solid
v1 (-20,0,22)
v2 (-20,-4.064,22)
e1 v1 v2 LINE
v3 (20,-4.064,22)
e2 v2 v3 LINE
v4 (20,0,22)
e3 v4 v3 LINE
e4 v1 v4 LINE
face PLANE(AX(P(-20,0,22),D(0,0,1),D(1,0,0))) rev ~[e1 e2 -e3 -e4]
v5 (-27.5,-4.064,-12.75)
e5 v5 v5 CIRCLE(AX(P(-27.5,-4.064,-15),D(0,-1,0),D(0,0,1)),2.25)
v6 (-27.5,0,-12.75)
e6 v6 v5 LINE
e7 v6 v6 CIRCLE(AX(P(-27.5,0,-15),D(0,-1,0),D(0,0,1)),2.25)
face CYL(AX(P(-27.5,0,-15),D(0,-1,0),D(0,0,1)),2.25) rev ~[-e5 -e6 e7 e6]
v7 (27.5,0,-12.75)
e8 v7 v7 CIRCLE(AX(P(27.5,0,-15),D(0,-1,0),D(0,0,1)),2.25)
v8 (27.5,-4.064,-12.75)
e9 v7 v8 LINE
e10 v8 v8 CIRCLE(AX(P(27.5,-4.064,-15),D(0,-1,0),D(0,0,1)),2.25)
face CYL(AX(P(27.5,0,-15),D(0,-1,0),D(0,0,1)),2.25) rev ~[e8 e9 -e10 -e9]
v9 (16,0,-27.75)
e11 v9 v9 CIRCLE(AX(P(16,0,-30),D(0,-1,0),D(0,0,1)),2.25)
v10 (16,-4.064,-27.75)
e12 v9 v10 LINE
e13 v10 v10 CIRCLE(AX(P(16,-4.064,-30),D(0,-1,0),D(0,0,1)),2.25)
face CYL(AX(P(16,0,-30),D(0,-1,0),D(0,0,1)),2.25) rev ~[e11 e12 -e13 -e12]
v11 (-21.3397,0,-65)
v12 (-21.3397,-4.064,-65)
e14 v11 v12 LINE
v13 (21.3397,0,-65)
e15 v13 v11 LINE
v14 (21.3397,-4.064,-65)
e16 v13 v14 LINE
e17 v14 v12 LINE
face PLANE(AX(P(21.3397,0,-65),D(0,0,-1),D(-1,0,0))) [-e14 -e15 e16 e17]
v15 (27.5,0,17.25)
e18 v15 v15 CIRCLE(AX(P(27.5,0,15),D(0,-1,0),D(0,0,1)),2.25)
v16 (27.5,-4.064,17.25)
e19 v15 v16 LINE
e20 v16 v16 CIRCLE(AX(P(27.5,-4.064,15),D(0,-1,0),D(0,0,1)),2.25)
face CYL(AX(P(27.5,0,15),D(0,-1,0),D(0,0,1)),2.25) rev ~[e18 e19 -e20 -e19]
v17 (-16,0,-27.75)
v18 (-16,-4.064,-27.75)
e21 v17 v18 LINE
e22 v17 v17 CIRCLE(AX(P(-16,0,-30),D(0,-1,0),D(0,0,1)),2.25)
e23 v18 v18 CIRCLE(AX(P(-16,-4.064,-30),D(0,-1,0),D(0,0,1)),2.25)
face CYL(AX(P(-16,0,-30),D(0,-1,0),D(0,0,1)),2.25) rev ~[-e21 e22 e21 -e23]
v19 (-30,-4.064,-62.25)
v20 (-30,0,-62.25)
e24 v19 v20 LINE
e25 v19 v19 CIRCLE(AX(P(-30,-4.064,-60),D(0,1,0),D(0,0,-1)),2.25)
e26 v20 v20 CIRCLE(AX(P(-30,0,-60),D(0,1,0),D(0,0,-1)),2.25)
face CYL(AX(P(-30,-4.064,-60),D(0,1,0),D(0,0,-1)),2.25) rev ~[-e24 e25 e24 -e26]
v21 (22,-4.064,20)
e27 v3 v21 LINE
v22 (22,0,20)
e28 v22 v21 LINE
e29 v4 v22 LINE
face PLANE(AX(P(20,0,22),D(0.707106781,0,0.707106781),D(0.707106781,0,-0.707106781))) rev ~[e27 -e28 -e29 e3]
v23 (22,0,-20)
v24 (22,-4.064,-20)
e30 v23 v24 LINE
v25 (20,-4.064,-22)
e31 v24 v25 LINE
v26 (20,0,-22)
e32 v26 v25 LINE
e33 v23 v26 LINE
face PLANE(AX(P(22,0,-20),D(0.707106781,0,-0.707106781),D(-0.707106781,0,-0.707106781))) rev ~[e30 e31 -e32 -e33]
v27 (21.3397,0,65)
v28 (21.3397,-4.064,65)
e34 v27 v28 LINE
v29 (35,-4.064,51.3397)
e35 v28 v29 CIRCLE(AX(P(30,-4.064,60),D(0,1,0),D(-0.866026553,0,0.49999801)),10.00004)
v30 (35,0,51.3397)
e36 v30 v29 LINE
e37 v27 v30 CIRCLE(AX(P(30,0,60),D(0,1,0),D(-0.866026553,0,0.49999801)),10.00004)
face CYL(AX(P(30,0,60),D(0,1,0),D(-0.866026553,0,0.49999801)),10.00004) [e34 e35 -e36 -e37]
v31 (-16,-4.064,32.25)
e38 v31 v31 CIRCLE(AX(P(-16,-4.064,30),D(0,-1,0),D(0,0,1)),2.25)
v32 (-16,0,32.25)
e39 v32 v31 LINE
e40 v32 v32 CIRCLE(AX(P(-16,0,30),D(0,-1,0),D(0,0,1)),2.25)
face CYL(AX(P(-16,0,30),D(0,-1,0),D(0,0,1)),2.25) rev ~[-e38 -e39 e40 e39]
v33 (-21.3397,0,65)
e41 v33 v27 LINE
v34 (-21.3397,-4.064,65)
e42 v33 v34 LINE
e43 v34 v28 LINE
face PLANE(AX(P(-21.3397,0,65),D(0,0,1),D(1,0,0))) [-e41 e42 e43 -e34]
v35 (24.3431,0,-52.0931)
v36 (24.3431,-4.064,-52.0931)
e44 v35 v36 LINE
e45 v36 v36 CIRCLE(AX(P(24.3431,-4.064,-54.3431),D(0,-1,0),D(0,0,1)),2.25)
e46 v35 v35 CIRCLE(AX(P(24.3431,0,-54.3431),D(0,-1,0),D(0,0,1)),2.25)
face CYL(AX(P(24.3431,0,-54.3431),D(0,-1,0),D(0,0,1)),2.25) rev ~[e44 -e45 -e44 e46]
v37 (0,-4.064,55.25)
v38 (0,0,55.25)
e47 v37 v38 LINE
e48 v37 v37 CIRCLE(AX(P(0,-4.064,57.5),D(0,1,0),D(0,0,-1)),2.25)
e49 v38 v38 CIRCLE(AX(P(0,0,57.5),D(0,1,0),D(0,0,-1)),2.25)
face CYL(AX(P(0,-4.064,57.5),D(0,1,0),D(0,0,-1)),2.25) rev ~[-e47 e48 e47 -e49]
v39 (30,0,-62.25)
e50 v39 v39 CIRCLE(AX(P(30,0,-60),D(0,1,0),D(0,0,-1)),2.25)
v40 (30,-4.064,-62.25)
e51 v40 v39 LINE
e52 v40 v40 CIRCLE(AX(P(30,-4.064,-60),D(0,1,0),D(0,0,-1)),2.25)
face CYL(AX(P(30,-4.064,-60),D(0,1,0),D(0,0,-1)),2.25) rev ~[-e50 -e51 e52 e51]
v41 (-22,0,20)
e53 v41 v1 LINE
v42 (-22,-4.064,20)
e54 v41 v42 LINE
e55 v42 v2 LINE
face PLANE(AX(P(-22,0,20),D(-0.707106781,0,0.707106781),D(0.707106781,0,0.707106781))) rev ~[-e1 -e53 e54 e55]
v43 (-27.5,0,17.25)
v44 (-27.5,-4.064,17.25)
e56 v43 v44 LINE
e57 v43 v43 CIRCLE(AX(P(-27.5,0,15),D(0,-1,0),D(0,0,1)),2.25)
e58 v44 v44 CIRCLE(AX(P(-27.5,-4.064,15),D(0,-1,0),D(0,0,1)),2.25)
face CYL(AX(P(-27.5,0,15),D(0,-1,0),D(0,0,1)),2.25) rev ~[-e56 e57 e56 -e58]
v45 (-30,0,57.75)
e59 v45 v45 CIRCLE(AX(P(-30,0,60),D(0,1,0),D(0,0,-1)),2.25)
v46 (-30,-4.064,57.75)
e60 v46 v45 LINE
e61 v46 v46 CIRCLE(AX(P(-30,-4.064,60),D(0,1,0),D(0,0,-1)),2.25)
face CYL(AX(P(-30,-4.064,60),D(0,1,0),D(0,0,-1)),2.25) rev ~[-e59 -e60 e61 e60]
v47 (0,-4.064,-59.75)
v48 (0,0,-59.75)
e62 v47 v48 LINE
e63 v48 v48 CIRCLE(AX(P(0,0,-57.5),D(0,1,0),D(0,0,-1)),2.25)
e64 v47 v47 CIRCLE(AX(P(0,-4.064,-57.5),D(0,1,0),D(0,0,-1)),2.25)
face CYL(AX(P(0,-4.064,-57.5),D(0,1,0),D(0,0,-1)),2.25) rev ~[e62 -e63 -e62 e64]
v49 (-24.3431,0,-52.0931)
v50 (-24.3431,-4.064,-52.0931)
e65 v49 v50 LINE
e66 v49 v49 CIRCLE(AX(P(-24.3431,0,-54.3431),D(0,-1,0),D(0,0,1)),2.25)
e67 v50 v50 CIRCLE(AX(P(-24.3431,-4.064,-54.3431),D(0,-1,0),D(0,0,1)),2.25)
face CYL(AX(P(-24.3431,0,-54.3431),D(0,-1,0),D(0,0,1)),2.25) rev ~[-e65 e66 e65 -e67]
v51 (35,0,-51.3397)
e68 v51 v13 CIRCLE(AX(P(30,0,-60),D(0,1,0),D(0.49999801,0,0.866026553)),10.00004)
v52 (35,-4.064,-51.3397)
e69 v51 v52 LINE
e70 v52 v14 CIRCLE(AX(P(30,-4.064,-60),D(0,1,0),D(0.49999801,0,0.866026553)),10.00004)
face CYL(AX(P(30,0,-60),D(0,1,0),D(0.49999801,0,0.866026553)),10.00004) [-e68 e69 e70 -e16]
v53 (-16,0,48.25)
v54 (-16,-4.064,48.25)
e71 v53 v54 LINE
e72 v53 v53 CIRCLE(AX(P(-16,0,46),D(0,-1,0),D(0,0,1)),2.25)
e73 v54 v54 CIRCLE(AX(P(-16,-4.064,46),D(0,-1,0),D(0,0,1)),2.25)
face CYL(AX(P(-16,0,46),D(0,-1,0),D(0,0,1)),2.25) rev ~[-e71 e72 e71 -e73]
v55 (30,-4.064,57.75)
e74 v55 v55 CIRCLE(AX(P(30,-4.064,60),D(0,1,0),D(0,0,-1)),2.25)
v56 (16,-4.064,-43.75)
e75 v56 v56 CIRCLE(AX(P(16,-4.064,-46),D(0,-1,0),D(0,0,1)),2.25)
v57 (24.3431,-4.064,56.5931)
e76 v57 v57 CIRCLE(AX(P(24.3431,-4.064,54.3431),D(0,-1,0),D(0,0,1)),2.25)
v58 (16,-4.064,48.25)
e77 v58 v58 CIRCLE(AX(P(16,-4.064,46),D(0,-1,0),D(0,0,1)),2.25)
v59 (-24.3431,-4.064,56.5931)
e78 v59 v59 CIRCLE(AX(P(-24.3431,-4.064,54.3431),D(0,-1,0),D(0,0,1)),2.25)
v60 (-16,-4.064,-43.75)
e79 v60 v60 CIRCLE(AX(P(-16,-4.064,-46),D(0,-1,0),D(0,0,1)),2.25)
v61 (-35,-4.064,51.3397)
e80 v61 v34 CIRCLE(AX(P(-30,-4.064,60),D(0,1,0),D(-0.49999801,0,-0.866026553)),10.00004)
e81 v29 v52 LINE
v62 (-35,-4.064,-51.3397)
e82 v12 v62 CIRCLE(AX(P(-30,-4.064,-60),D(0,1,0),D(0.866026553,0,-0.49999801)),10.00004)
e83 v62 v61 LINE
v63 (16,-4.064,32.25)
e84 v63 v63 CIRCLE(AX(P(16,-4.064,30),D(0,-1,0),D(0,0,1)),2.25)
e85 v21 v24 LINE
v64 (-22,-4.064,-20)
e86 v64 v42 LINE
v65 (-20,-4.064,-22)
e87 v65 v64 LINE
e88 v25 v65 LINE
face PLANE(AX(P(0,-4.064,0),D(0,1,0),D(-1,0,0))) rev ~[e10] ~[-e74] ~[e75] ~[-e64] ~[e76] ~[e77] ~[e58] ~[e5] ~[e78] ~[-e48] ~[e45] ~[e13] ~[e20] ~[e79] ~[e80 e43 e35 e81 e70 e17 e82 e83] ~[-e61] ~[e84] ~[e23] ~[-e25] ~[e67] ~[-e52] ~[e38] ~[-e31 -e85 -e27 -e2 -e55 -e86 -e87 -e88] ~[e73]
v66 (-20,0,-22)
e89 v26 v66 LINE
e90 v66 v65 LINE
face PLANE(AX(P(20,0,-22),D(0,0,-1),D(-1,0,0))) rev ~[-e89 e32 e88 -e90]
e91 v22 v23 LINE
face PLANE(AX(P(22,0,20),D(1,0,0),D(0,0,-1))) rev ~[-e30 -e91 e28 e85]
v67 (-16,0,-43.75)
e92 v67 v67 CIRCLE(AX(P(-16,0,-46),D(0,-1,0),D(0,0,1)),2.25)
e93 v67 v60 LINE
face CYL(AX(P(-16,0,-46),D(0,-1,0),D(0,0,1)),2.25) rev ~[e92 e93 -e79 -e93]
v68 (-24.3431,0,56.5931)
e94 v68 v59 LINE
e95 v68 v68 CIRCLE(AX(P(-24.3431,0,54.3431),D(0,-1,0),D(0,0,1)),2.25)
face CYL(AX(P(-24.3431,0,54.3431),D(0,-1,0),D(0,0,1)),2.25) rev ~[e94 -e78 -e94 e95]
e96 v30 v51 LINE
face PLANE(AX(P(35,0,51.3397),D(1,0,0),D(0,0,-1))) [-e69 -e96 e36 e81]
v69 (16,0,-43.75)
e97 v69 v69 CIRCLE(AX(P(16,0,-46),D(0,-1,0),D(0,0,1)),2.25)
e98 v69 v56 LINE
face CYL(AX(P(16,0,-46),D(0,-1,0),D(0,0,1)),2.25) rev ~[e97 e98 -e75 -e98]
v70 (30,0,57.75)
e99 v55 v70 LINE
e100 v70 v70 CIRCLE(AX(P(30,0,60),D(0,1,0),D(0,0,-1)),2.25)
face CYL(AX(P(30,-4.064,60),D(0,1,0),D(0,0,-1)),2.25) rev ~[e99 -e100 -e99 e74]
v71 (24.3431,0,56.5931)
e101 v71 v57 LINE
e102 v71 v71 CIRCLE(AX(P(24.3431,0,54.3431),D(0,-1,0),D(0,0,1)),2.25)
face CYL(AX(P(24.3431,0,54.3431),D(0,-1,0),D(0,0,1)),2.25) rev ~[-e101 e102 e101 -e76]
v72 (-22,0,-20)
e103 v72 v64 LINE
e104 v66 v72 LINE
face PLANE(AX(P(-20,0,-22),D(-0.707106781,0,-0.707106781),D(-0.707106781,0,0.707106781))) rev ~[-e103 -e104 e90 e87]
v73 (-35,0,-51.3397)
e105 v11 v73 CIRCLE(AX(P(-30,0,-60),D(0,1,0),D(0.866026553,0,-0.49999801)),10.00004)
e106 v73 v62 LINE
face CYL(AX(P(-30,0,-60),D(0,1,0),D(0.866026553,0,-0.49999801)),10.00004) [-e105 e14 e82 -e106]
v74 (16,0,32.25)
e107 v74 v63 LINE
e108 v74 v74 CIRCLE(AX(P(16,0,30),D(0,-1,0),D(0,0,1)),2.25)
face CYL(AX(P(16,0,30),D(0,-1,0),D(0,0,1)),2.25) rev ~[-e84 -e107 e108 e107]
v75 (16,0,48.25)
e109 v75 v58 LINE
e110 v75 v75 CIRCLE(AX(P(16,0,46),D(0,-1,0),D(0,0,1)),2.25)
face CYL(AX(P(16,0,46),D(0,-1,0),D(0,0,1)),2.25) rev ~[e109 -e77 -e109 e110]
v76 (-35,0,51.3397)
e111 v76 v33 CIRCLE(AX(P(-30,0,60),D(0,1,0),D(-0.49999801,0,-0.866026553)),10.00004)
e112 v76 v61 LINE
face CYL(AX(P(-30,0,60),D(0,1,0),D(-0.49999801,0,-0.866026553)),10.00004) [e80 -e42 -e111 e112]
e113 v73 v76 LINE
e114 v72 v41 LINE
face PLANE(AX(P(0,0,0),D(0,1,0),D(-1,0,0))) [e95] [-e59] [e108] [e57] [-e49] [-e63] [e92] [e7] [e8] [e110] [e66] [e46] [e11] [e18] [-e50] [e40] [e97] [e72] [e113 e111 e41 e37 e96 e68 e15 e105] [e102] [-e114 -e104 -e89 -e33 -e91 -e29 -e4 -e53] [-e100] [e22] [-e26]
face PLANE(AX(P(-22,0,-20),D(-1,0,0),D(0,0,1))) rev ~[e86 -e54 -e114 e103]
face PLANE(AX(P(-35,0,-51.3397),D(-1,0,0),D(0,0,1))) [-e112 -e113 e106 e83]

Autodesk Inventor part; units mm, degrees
ref_plane "YZ Plane" through (0, 0, 0) normal (1, 0, 0) x (0, 1, 0)
ref_plane "XZ Plane" through (0, 0, 0) normal (0, 1, 0) x (-1, 0, 0)
ref_plane "XY Plane" through (0, 0, 0) normal (0, 0, 1) x (1, 0, 0)
sketch "Sketch1" plane through (0, 0, 0) normal (0, 1, 0) x (-1, 0, 0)
  line L0 (-20, 22) -> (-22, 20)
  line L1 (-20, -22) -> (20, -22)
  line L2 (-35, 51.3397) -> (-35, -51.3397)
  arc A0 (35, 51.3397) -> (21.3397, 65) centre (30, 60) ccw
  arc A1 (21.3397, -65) -> (35, -51.3397) centre (30, -60) ccw
  line L3 (22, 20) -> (20, 22)
  line L4 (-22, 20) -> (-22, -20)
  line L5 (20, -22) -> (22, -20)
  arc A2 (-21.3397, 65) -> (-35, 51.3397) centre (-30, 60) ccw
  line L6 (35, -51.3397) -> (35, 51.3397)
  line L7 (20, 22) -> (-20, 22)
  line L8 (-22, -20) -> (-20, -22)
  arc A3 (-35, -51.3397) -> (-21.3397, -65) centre (-30, -60) ccw
  line L9 (21.3397, 65) -> (-21.3397, 65)
  line L10 (-21.3397, -65) -> (21.3397, -65)
  line L11 (22, -20) -> (22, 20)
extrude "Extrusion1" add sketch "Sketch1" against normal blind 4.064
hole "Hole22" at (0, -4.064, 57.5) direction (0, 1, 0) diameter 4.5 depth 4.064
hole "Hole21" at (0, -4.064, -57.5) direction (0, 1, 0) diameter 4.5 depth 4.064
hole "Hole20" at (-16, 0, -46) direction (0, -1, 0) diameter 4.5 depth 4.064
hole "Hole19" at (-16, 0, -30) direction (0, -1, 0) diameter 4.5 depth 4.064
hole "Hole18" at (16, 0, -46) direction (0, -1, 0) diameter 4.5 depth 4.064
hole "Hole17" at (16, 0, -30) direction (0, -1, 0) diameter 4.5 depth 4.064
hole "Hole16" at (16, 0, 30) direction (0, -1, 0) diameter 4.5 depth 4.064
hole "Hole15" at (16, 0, 46) direction (0, -1, 0) diameter 4.5 depth 4.064
hole "Hole14" at (-16, 0, 30) direction (0, -1, 0) diameter 4.5 depth 4.064
hole "Hole13" at (-16, 0, 46) direction (0, -1, 0) diameter 4.5 depth 4.064
hole "Hole12" at (27.5, 0, -15) direction (0, -1, 0) diameter 4.5 depth 4.064
sketch "Sketch12" plane through (0, 0, 0) normal (0, 1, 0) x (-1, 0, 0)
  point P0 (-27.5, -15)
hole "Hole11" at (27.5, 0, 15) direction (0, -1, 0) diameter 4.5 depth 4.064
sketch "Sketch11" plane through (0, 0, 0) normal (0, 1, 0) x (-1, 0, 0)
  point P0 (16, 46)
hole "Hole10" at (-27.5, 0, -15) direction (0, -1, 0) diameter 4.5 depth 4.064
sketch "Sketch10" plane through (0, 0, 0) normal (0, 1, 0) x (-1, 0, 0)
  point P0 (16, 30)
hole "Hole9" at (-24.3431, 0, -54.3431) direction (0, -1, 0) diameter 4.5 depth 4.064
sketch "Sketch9" plane through (0, 0, 0) normal (0, 1, 0) x (-1, 0, 0)
  point P0 (-16, 46)
hole "Hole8" at (24.3431, 0, -54.3431) direction (0, -1, 0) diameter 4.5 depth 4.064
sketch "Sketch8" plane through (0, 0, 0) normal (0, 1, 0) x (-1, 0, 0)
  point P0 (-16, 30)
hole "Hole7" at (24.3431, 0, 54.3431) direction (0, -1, 0) diameter 4.5 depth 4.064
sketch "Sketch7" plane through (0, 0, 0) normal (0, 1, 0) x (-1, 0, 0)
  point P0 (-16, -30)
hole "Hole6" at (-24.3431, 0, 54.3431) direction (0, -1, 0) diameter 4.5 depth 4.064
sketch "Sketch6" plane through (0, 0, 0) normal (0, 1, 0) x (-1, 0, 0)
  point P0 (-16, -46)
hole "Hole5" at (-30, -4.064, 60) direction (0, 1, 0) diameter 4.5 depth 4.064
sketch "Sketch5" plane through (0, 0, 0) normal (0, 1, 0) x (-1, 0, 0)
  point P0 (16, -30)
hole "Hole4" at (30, -4.064, 60) direction (0, 1, 0) diameter 4.5 depth 4.064
sketch "Sketch4" plane through (0, 0, 0) normal (0, 1, 0) x (-1, 0, 0)
  point P0 (16, -46)
hole "Hole3" at (30, -4.064, -60) direction (0, 1, 0) diameter 4.5 depth 4.064
sketch "Sketch3" plane through (0, -4.064, 0) normal (0, -1, 0) x (1, 0, 0)
  point P0 (0, -57.5)
hole "Hole2" at (-30, -4.064, -60) direction (0, 1, 0) diameter 4.5 depth 4.064
sketch "Sketch2" plane through (0, -4.064, 0) normal (0, -1, 0) x (1, 0, 0)
  point P0 (0, 57.5)
hole "Hole1" at (-27.5, 0, 15) direction (0, -1, 0) diameter 4.5 depth 4.064
sketch "Sketch13" plane through (0, 0, 0) normal (0, 1, 0) x (-1, 0, 0)
  point P0 (-27.5, 15)
sketch "Sketch14" plane through (0, 0, 0) normal (0, 1, 0) x (-1, 0, 0)
  point P0 (27.5, -15)
sketch "Sketch15" plane through (0, 0, 0) normal (0, 1, 0) x (-1, 0, 0)
  point P0 (24.3431, -54.3431)
sketch "Sketch16" plane through (0, 0, 0) normal (0, 1, 0) x (-1, 0, 0)
  point P0 (-24.3431, -54.3431)
sketch "Sketch17" plane through (0, 0, 0) normal (0, 1, 0) x (-1, 0, 0)
  point P0 (-24.3431, 54.3431)
sketch "Sketch18" plane through (0, 0, 0) normal (0, 1, 0) x (-1, 0, 0)
  point P0 (24.3431, 54.3431)
sketch "Sketch19" plane through (0, -4.064, 0) normal (0, -1, 0) x (1, 0, 0)
  point P0 (-30, 60)
sketch "Sketch20" plane through (0, -4.064, 0) normal (0, -1, 0) x (1, 0, 0)
  point P0 (30, 60)
sketch "Sketch21" plane through (0, -4.064, 0) normal (0, -1, 0) x (1, 0, 0)
  point P0 (30, -60)
sketch "Sketch22" plane through (0, -4.064, 0) normal (0, -1, 0) x (1, 0, 0)
  point P0 (-30, -60)
sketch "Sketch23" plane through (0, 0, 0) normal (0, 1, 0) x (-1, 0, 0)
  point P0 (27.5, 15)
properties part number "Piston Feed frame" material "Aluminum 6061"
